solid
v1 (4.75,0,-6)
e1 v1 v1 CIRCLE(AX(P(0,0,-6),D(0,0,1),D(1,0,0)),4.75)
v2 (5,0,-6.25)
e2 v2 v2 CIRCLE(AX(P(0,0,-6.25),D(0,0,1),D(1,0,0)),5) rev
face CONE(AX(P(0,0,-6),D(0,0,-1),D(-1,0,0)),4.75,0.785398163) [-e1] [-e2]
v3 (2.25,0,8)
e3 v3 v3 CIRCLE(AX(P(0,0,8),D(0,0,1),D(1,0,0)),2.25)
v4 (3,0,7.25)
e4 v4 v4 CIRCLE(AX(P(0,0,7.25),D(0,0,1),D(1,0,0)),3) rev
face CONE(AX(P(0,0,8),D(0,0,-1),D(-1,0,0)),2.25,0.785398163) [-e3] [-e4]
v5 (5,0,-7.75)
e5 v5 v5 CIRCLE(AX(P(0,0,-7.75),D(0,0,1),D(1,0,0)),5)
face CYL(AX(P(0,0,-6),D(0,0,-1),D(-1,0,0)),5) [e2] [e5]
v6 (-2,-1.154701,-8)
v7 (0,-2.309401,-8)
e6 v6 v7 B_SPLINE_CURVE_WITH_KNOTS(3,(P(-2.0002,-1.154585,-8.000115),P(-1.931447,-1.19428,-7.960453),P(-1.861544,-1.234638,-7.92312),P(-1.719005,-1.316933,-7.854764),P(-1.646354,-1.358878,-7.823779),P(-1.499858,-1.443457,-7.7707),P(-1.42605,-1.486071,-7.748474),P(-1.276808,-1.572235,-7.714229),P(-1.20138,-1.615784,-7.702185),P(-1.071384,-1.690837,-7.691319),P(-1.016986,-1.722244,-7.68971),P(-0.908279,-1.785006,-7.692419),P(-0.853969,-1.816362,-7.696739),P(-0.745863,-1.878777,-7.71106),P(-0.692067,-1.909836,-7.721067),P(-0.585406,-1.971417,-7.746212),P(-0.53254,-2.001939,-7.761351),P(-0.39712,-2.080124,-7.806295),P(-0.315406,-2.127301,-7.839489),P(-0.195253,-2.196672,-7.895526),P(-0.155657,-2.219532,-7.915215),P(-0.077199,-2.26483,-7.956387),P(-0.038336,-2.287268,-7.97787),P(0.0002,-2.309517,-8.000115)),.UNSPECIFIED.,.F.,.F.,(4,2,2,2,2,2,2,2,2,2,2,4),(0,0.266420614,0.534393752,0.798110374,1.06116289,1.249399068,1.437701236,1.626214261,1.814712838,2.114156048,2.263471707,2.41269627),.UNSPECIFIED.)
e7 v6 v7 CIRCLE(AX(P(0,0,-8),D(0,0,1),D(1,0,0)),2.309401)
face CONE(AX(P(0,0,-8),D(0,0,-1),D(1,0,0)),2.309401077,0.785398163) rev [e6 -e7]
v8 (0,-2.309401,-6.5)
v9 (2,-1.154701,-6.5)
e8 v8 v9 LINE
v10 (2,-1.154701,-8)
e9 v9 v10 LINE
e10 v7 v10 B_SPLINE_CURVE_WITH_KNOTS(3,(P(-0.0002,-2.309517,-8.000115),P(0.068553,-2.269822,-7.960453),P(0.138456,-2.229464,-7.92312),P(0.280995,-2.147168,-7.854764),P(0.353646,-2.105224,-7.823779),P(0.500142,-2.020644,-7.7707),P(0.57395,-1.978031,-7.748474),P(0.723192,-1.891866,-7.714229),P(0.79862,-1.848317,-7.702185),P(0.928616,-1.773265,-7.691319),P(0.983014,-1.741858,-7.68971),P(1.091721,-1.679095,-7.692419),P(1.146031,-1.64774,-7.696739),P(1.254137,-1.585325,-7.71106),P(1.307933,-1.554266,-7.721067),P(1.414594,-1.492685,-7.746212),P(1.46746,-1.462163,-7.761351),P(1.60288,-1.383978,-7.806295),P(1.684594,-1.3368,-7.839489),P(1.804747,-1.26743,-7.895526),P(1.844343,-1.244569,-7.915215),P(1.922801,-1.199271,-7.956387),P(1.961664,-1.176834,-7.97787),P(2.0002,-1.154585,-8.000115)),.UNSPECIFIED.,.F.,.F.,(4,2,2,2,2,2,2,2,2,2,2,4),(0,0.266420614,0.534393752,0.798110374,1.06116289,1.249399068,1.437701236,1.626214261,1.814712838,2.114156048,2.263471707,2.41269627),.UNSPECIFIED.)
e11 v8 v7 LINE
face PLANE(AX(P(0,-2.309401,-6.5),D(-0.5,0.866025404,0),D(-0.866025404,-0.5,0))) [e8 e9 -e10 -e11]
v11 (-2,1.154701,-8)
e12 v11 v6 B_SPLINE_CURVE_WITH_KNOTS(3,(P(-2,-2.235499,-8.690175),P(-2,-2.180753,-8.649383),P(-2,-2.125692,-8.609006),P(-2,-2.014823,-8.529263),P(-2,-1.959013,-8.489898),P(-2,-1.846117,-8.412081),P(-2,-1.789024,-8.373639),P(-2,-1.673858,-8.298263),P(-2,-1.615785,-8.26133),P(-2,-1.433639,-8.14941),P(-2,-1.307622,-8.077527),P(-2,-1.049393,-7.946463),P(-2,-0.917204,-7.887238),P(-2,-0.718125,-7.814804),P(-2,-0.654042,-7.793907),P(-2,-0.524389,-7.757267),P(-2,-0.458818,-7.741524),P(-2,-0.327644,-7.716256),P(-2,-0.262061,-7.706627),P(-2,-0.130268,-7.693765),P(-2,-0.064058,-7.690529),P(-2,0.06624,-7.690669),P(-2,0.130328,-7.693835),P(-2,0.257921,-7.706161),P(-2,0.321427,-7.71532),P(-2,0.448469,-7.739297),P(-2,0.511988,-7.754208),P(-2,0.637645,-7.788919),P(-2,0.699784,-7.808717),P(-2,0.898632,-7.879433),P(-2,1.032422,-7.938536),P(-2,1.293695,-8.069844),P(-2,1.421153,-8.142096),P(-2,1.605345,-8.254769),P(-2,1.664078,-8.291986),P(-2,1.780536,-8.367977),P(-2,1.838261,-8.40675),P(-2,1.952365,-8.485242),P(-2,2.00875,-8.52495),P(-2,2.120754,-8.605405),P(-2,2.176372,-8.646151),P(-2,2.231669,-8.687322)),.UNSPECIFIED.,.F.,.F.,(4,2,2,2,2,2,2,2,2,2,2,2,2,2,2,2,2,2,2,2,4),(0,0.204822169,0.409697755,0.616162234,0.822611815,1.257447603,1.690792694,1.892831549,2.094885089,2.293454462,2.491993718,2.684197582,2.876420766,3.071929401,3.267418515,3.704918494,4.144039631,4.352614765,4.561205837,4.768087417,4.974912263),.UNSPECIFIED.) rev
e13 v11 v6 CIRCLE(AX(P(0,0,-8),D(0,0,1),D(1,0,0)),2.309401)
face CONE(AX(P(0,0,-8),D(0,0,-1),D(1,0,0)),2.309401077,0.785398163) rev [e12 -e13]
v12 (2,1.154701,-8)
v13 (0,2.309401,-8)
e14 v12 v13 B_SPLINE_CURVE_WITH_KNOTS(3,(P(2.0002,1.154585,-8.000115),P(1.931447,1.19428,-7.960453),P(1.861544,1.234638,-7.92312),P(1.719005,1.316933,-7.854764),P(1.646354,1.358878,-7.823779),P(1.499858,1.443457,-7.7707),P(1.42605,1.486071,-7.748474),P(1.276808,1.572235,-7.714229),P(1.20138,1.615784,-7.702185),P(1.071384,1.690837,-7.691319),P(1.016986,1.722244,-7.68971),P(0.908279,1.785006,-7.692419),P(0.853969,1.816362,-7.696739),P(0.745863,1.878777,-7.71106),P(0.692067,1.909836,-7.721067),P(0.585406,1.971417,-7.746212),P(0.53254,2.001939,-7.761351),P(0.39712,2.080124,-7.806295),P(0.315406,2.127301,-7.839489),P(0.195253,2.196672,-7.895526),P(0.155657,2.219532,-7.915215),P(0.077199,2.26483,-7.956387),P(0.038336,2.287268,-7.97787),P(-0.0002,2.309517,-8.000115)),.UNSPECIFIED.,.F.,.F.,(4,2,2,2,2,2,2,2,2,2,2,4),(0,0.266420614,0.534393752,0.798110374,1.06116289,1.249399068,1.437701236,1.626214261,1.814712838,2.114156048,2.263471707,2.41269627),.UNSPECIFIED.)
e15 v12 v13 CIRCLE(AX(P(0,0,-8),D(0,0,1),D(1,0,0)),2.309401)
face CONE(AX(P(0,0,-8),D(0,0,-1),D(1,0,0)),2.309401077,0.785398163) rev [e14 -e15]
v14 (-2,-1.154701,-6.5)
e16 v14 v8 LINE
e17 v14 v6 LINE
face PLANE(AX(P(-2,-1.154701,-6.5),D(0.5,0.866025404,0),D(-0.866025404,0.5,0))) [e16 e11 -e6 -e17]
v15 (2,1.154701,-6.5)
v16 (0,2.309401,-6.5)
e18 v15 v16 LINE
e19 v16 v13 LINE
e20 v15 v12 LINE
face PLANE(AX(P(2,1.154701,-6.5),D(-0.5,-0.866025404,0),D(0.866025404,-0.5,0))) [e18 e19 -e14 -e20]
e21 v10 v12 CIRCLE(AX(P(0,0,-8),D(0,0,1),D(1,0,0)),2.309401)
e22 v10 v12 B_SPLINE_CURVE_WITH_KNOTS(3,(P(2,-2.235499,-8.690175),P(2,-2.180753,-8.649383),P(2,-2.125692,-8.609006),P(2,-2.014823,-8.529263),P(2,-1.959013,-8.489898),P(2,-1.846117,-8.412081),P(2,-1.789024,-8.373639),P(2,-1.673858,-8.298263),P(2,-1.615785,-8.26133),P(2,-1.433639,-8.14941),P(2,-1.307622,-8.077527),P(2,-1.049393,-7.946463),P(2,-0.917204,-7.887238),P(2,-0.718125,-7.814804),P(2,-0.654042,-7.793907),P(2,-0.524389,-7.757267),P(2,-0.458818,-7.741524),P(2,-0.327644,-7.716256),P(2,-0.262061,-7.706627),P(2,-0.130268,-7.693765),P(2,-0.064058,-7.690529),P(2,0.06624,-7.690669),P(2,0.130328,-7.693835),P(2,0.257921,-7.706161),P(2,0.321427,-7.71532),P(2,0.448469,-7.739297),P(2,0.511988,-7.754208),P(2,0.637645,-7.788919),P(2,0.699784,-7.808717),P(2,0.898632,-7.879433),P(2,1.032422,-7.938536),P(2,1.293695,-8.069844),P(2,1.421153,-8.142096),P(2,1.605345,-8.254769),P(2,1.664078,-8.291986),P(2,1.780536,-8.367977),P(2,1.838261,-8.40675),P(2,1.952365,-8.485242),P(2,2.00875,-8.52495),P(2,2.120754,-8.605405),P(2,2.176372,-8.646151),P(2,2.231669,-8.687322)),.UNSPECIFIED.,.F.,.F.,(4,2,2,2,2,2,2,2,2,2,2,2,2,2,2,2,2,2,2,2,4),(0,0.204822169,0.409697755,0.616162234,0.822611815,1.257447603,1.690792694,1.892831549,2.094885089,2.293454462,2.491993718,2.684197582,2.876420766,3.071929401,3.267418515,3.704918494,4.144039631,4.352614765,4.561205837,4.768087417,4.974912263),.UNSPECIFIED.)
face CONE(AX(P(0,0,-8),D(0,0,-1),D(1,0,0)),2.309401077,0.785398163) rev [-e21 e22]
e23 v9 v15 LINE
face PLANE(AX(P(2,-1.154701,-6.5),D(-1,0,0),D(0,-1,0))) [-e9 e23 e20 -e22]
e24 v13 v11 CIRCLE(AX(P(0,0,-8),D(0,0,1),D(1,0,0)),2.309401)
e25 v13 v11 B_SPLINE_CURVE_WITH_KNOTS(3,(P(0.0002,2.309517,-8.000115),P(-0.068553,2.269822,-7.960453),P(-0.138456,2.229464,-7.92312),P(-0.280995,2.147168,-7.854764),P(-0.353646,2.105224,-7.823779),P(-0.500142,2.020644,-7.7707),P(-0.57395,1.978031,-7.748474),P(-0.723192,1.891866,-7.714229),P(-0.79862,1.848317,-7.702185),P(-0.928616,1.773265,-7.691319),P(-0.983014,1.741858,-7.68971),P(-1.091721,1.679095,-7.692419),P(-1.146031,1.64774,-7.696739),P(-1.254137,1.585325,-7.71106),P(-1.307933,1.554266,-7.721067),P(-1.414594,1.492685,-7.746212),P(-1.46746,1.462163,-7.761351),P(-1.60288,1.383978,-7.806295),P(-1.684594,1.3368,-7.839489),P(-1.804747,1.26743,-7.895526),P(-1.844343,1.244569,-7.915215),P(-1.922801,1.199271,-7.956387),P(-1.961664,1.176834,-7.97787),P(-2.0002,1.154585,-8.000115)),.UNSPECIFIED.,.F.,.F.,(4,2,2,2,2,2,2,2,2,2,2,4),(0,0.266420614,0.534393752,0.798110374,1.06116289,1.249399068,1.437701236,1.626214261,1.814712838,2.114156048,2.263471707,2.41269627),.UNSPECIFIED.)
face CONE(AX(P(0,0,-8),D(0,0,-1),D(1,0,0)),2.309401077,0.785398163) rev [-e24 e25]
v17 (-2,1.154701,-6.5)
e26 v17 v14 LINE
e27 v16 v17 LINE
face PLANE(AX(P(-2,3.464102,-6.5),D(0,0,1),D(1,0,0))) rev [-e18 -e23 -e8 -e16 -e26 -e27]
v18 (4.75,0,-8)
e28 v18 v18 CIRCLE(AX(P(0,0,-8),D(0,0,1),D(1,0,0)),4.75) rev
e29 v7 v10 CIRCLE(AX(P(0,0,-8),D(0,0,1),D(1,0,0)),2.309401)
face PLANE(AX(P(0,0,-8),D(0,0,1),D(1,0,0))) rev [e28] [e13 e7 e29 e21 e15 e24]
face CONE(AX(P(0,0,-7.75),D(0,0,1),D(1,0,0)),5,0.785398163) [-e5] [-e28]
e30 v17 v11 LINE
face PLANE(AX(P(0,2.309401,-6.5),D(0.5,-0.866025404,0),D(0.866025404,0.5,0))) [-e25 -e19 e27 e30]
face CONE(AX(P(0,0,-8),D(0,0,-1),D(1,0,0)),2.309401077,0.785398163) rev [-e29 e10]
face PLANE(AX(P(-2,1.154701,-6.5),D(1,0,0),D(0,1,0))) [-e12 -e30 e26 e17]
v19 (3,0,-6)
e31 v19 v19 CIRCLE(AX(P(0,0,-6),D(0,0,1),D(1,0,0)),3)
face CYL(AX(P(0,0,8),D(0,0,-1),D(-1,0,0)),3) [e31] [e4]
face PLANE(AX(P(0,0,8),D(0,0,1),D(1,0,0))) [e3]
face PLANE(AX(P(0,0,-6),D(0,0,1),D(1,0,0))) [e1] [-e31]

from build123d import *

# Parameters (mm, degrees)
EXTRUDE1_START     = -6
SKETCH1_R          = 3
EXTRUDE1_DEPTH     = 14
EXTRUDE2_START     = -8
SKETCH6_R          = 5
EXTRUDE2_DEPTH     = 2
CUT_EXTRUDE1_DEPTH = 1.5
SKETCH8_R          = 2.309401077
CUT_EXTRUDE2_DEPTH = 1.5
CUT_EXTRUDE2_TAPER = 45
CHAMFER1_SIZE      = 0.25
CHAMFER2_SIZE      = 0.75


with BuildPart() as part:
    # Sketch1 → Extrude1 (new body)
    with BuildSketch(Plane.XY.offset(EXTRUDE1_START)):
        Circle(SKETCH1_R)
    extrude(amount=EXTRUDE1_DEPTH)

    # Sketch6 → Extrude2 (add)
    with BuildSketch(Plane.XY.offset(EXTRUDE2_START)):
        Circle(SKETCH6_R)
    extrude(amount=EXTRUDE2_DEPTH)

    # Sketch7 → Cut-Extrude1 (cut)
    with BuildSketch(Plane.XY.offset(-8)):
        Polygon((0, 2.309401077), (-2, 1.154700538), (-2, -1.154700538), (0, -2.309401077), (2, -1.154700538), (2, 1.154700538), align=None)
    extrude(amount=CUT_EXTRUDE1_DEPTH, mode=Mode.SUBTRACT)

    # Sketch8 → Cut-Extrude2 (cut)
    with BuildSketch(Plane.XY.offset(-8)):
        Circle(SKETCH8_R)
    extrude(amount=CUT_EXTRUDE2_DEPTH, taper=CUT_EXTRUDE2_TAPER, mode=Mode.SUBTRACT)

    # Chamfer1
    chamfer1_edges = [part.edges().sort_by_distance(p)[0] for p in [
        (-5, 0, -6),
        (-5, 0, -8),
    ]]
    chamfer(chamfer1_edges, length=CHAMFER1_SIZE)

    # Chamfer2
    chamfer2_edges = [part.edges().sort_by_distance(p)[0] for p in [
        (-3, 0, 8),
    ]]
    chamfer(chamfer2_edges, length=CHAMFER2_SIZE)


solid = part.part
